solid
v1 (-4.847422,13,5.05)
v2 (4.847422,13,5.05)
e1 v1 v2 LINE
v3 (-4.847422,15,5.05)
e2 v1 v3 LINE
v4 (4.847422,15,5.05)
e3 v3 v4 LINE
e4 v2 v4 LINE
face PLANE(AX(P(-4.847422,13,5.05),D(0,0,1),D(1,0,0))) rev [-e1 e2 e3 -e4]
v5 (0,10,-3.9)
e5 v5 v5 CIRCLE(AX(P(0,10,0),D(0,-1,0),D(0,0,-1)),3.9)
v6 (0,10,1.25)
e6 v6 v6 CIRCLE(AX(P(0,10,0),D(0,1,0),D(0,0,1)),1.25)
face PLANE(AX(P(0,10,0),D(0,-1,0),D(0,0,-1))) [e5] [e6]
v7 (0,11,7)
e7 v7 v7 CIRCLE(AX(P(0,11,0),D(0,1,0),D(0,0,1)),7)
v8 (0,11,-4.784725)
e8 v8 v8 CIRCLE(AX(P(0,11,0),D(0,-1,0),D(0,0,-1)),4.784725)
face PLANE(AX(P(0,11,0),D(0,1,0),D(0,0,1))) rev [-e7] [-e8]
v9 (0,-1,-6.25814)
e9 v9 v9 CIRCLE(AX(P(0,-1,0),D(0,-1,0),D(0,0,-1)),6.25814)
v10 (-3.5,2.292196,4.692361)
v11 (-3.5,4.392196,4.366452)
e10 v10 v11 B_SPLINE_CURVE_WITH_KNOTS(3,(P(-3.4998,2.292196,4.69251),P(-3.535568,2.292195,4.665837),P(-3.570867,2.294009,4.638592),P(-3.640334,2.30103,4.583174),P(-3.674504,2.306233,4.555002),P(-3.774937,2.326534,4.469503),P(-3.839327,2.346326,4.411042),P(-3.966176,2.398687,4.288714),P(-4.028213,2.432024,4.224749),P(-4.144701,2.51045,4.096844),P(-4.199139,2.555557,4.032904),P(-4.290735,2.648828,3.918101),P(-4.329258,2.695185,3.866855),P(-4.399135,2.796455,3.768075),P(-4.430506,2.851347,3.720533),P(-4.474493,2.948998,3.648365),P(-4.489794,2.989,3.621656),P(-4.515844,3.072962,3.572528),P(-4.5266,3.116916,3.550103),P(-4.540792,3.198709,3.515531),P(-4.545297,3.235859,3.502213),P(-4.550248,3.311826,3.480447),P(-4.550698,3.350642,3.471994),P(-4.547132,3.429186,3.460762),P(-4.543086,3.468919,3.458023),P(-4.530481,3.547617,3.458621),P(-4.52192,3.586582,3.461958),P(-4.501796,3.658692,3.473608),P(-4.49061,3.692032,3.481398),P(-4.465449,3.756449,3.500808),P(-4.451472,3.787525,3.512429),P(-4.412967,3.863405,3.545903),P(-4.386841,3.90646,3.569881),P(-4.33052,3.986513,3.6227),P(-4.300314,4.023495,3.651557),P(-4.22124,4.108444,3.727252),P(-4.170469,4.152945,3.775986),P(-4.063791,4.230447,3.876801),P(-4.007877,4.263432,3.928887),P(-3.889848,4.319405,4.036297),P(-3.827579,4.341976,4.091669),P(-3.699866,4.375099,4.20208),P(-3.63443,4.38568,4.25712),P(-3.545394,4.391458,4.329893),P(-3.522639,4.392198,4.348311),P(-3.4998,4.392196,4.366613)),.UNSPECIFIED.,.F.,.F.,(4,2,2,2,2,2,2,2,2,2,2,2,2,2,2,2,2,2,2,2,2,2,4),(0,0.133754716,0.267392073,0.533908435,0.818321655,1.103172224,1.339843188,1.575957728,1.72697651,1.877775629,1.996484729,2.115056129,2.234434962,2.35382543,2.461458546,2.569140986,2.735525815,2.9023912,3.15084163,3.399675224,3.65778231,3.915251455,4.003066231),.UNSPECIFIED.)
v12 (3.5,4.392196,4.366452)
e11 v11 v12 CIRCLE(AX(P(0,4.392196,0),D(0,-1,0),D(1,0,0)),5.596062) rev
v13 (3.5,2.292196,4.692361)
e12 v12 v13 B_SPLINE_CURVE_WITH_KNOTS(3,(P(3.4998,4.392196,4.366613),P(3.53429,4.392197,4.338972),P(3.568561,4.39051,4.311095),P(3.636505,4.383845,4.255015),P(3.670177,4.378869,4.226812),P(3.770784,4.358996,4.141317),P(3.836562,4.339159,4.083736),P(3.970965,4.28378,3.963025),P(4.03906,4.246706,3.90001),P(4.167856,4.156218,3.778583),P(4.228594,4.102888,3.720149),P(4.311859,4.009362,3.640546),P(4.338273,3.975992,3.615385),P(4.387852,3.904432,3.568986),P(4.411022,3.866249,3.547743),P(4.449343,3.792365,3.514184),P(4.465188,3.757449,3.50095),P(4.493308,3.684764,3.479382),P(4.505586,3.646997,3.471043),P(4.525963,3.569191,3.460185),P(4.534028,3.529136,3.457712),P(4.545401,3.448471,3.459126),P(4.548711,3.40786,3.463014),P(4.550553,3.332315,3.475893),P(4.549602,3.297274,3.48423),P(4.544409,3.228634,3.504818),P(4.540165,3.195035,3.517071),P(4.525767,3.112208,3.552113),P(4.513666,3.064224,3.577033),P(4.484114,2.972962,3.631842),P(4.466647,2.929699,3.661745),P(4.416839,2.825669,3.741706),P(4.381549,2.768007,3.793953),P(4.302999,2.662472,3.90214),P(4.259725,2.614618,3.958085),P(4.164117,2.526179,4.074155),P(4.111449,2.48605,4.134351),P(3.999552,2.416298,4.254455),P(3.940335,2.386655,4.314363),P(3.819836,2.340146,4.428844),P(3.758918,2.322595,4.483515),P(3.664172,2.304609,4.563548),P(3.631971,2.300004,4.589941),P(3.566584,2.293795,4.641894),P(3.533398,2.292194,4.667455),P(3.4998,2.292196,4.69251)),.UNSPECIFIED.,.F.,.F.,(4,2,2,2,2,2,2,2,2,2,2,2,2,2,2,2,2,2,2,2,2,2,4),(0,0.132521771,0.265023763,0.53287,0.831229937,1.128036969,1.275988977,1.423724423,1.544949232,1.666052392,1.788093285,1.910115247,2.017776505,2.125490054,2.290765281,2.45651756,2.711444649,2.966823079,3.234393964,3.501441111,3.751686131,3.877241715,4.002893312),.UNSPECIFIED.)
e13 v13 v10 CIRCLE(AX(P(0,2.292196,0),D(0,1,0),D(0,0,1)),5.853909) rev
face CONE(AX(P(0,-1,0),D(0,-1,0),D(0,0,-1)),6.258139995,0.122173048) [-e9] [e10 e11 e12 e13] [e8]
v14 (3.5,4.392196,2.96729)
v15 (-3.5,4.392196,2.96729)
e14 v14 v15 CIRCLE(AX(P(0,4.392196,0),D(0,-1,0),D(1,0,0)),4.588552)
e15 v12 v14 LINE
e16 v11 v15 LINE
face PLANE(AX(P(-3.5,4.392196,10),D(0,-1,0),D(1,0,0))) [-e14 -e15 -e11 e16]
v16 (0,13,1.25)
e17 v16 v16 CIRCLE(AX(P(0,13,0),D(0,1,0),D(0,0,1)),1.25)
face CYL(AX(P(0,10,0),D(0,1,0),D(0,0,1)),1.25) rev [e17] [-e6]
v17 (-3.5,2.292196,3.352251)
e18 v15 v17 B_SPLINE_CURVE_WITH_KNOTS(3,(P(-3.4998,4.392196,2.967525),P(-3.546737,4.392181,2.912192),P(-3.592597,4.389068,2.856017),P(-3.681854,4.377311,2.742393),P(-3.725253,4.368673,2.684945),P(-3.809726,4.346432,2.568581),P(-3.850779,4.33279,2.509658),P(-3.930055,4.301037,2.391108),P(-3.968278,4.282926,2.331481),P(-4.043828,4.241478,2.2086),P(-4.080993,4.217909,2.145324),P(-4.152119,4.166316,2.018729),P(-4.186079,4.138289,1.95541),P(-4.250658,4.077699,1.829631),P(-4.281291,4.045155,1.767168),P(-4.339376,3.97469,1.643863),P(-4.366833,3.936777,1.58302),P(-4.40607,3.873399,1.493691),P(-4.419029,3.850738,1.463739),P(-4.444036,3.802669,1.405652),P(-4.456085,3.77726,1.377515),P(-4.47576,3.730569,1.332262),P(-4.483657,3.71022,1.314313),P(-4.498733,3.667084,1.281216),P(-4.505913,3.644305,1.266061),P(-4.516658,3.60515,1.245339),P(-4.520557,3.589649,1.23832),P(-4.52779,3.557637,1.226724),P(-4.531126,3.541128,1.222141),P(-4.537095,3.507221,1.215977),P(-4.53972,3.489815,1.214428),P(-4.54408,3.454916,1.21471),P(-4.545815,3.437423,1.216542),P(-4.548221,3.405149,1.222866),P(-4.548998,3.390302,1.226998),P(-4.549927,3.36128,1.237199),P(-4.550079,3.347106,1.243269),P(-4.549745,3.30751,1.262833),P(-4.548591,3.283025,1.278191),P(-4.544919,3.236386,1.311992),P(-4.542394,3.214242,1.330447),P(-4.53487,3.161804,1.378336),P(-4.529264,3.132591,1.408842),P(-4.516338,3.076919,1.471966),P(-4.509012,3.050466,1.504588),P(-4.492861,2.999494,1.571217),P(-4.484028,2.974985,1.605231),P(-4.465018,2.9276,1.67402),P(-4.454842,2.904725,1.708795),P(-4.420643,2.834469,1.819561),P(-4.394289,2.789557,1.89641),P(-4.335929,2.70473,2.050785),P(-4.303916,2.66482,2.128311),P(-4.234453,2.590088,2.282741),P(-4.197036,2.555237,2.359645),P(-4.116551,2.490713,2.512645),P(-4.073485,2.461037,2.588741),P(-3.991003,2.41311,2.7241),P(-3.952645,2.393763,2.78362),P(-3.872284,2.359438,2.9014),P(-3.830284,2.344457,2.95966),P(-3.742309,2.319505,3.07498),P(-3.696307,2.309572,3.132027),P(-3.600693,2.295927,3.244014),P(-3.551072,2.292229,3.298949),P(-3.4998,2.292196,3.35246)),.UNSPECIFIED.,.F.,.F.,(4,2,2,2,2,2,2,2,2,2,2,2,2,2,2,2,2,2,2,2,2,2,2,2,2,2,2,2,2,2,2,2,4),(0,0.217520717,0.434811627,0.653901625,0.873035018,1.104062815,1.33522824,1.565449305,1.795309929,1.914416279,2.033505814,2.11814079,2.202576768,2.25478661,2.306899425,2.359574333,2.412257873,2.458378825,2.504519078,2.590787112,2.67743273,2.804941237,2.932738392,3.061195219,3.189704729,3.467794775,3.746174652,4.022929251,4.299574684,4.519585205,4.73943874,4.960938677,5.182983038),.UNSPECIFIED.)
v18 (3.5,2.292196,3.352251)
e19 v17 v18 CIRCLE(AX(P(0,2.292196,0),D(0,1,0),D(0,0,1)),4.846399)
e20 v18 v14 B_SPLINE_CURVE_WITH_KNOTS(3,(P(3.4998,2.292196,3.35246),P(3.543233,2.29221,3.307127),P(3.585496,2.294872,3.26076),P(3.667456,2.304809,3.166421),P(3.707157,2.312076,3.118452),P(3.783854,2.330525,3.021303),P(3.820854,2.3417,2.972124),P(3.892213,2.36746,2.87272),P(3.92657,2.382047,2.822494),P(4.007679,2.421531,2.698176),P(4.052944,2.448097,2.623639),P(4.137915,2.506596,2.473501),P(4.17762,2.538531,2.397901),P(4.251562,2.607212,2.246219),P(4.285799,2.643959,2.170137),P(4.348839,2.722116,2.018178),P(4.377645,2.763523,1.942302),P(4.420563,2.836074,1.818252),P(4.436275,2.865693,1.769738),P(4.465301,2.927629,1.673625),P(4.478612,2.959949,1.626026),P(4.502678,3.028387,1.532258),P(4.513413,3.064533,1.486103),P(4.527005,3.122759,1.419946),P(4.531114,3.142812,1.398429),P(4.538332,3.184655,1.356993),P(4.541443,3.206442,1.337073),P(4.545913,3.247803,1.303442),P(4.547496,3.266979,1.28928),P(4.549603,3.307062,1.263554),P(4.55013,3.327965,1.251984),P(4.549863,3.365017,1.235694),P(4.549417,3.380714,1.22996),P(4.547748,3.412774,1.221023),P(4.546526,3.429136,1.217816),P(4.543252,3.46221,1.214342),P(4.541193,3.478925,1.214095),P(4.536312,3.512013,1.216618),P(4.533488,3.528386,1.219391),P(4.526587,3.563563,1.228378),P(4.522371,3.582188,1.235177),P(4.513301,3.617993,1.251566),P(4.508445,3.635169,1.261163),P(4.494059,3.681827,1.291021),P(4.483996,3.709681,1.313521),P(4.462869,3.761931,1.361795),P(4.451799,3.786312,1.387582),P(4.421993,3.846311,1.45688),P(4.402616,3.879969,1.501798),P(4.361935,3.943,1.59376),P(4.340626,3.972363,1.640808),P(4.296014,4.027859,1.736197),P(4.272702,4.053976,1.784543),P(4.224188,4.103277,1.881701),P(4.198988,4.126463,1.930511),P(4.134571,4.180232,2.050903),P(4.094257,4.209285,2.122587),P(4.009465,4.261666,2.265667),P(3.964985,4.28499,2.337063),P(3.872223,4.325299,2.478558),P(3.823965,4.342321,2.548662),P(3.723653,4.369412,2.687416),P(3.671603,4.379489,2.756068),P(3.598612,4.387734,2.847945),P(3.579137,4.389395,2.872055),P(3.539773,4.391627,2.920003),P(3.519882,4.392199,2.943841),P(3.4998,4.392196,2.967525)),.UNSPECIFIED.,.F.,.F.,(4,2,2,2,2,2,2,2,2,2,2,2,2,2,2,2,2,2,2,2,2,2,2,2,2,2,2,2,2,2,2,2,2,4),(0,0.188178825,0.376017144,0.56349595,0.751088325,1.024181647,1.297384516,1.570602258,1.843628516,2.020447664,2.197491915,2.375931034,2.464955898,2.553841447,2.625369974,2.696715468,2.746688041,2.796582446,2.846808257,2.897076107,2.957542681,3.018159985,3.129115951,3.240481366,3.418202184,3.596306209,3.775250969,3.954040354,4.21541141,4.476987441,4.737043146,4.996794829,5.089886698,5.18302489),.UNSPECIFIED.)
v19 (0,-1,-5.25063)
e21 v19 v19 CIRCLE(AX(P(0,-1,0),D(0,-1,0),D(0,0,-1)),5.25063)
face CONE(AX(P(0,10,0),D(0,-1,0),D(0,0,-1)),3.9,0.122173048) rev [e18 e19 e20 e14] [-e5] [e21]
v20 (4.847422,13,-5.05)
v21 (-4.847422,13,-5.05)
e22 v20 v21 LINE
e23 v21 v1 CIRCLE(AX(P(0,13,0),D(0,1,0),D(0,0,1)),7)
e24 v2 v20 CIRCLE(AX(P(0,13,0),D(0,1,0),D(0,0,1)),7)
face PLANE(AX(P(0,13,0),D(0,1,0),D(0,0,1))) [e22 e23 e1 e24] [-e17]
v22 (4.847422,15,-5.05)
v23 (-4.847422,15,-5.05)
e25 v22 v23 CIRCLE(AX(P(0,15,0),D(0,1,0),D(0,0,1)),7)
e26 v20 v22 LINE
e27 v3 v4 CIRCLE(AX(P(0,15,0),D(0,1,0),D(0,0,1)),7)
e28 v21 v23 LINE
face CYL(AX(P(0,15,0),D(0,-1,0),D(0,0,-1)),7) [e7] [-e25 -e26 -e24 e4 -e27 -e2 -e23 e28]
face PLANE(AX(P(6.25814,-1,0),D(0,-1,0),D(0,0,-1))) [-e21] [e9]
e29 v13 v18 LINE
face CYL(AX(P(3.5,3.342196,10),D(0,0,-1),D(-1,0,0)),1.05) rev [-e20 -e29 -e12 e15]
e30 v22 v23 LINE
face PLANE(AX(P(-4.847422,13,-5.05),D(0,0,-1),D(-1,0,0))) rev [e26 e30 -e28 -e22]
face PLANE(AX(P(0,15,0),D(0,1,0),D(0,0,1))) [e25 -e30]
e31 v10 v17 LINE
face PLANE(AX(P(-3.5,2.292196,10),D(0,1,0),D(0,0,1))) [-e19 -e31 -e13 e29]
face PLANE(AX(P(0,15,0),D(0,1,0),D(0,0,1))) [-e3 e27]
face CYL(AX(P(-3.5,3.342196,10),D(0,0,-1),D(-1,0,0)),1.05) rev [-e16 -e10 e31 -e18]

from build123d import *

# Parameters (mm, degrees)
SKETCH3_R           = 7
BOSS_EXTRUDE1_DEPTH = 4
CUT_EXTRUDE1_DEPTH  = 2
SKETCH7_R           = 1.25
CUT_EXTRUDE2_DEPTH  = 3
CUT_EXTRUDE3_DEPTH  = 10


with BuildPart() as part:
    # Sketch1 → Revolve1 (revolve)
    with BuildSketch(Plane.XY):
        Polygon((0, 10), (3.9, 10), (5.127845609, 0), (5.25063017, -1), (6.258139995, -1), (4.784725265, 11), (0, 11), align=None)
    revolve(axis=Axis((0, 10, 0), (0, 1, 0)))

    # Sketch3 → Boss-Extrude1 (add)
    with BuildSketch(Plane(origin=(0, 11, 0), x_dir=(1, 0, 0), z_dir=(0, 1, 0))):
        Circle(SKETCH3_R)
    extrude(amount=BOSS_EXTRUDE1_DEPTH)

    # Sketch5 → Cut-Extrude1 (cut)
    with BuildSketch(Plane(origin=(0, 15, 0), x_dir=(1, 0, 0), z_dir=(0, 1, 0))):
        with BuildLine():
            Line((-4.847421995, 5.05), (4.847421995, 5.05))
            ThreePointArc((4.847421995, 5.05), (7, 0), (4.847421995, -5.05))
            Line((4.847421995, -5.05), (-4.847421995, -5.05))
            ThreePointArc((-4.847421995, -5.05), (-7, 0), (-4.847421995, 5.05))
        make_face()
    extrude(amount=-CUT_EXTRUDE1_DEPTH, mode=Mode.SUBTRACT)

    # Sketch7 → Cut-Extrude2 (cut)
    with BuildSketch(Plane(origin=(0, 13, 0), x_dir=(1, 0, 0), z_dir=(0, 1, 0))):
        Circle(SKETCH7_R)
    extrude(amount=-CUT_EXTRUDE2_DEPTH, mode=Mode.SUBTRACT)

    # Sketch8 → Cut-Extrude3 (cut)
    with BuildSketch(Plane.XY):
        with BuildLine():
            Line((-3.5, 4.392195616), (3.5, 4.392195616))
            ThreePointArc((3.5, 4.392195616), (4.55, 3.342195616), (3.5, 2.292195616))
            Line((3.5, 2.292195616), (-3.5, 2.292195616))
            ThreePointArc((-3.5, 2.292195616), (-4.55, 3.342195616), (-3.5, 4.392195616))
        make_face()
    extrude(amount=CUT_EXTRUDE3_DEPTH, mode=Mode.SUBTRACT)


solid = part.part
